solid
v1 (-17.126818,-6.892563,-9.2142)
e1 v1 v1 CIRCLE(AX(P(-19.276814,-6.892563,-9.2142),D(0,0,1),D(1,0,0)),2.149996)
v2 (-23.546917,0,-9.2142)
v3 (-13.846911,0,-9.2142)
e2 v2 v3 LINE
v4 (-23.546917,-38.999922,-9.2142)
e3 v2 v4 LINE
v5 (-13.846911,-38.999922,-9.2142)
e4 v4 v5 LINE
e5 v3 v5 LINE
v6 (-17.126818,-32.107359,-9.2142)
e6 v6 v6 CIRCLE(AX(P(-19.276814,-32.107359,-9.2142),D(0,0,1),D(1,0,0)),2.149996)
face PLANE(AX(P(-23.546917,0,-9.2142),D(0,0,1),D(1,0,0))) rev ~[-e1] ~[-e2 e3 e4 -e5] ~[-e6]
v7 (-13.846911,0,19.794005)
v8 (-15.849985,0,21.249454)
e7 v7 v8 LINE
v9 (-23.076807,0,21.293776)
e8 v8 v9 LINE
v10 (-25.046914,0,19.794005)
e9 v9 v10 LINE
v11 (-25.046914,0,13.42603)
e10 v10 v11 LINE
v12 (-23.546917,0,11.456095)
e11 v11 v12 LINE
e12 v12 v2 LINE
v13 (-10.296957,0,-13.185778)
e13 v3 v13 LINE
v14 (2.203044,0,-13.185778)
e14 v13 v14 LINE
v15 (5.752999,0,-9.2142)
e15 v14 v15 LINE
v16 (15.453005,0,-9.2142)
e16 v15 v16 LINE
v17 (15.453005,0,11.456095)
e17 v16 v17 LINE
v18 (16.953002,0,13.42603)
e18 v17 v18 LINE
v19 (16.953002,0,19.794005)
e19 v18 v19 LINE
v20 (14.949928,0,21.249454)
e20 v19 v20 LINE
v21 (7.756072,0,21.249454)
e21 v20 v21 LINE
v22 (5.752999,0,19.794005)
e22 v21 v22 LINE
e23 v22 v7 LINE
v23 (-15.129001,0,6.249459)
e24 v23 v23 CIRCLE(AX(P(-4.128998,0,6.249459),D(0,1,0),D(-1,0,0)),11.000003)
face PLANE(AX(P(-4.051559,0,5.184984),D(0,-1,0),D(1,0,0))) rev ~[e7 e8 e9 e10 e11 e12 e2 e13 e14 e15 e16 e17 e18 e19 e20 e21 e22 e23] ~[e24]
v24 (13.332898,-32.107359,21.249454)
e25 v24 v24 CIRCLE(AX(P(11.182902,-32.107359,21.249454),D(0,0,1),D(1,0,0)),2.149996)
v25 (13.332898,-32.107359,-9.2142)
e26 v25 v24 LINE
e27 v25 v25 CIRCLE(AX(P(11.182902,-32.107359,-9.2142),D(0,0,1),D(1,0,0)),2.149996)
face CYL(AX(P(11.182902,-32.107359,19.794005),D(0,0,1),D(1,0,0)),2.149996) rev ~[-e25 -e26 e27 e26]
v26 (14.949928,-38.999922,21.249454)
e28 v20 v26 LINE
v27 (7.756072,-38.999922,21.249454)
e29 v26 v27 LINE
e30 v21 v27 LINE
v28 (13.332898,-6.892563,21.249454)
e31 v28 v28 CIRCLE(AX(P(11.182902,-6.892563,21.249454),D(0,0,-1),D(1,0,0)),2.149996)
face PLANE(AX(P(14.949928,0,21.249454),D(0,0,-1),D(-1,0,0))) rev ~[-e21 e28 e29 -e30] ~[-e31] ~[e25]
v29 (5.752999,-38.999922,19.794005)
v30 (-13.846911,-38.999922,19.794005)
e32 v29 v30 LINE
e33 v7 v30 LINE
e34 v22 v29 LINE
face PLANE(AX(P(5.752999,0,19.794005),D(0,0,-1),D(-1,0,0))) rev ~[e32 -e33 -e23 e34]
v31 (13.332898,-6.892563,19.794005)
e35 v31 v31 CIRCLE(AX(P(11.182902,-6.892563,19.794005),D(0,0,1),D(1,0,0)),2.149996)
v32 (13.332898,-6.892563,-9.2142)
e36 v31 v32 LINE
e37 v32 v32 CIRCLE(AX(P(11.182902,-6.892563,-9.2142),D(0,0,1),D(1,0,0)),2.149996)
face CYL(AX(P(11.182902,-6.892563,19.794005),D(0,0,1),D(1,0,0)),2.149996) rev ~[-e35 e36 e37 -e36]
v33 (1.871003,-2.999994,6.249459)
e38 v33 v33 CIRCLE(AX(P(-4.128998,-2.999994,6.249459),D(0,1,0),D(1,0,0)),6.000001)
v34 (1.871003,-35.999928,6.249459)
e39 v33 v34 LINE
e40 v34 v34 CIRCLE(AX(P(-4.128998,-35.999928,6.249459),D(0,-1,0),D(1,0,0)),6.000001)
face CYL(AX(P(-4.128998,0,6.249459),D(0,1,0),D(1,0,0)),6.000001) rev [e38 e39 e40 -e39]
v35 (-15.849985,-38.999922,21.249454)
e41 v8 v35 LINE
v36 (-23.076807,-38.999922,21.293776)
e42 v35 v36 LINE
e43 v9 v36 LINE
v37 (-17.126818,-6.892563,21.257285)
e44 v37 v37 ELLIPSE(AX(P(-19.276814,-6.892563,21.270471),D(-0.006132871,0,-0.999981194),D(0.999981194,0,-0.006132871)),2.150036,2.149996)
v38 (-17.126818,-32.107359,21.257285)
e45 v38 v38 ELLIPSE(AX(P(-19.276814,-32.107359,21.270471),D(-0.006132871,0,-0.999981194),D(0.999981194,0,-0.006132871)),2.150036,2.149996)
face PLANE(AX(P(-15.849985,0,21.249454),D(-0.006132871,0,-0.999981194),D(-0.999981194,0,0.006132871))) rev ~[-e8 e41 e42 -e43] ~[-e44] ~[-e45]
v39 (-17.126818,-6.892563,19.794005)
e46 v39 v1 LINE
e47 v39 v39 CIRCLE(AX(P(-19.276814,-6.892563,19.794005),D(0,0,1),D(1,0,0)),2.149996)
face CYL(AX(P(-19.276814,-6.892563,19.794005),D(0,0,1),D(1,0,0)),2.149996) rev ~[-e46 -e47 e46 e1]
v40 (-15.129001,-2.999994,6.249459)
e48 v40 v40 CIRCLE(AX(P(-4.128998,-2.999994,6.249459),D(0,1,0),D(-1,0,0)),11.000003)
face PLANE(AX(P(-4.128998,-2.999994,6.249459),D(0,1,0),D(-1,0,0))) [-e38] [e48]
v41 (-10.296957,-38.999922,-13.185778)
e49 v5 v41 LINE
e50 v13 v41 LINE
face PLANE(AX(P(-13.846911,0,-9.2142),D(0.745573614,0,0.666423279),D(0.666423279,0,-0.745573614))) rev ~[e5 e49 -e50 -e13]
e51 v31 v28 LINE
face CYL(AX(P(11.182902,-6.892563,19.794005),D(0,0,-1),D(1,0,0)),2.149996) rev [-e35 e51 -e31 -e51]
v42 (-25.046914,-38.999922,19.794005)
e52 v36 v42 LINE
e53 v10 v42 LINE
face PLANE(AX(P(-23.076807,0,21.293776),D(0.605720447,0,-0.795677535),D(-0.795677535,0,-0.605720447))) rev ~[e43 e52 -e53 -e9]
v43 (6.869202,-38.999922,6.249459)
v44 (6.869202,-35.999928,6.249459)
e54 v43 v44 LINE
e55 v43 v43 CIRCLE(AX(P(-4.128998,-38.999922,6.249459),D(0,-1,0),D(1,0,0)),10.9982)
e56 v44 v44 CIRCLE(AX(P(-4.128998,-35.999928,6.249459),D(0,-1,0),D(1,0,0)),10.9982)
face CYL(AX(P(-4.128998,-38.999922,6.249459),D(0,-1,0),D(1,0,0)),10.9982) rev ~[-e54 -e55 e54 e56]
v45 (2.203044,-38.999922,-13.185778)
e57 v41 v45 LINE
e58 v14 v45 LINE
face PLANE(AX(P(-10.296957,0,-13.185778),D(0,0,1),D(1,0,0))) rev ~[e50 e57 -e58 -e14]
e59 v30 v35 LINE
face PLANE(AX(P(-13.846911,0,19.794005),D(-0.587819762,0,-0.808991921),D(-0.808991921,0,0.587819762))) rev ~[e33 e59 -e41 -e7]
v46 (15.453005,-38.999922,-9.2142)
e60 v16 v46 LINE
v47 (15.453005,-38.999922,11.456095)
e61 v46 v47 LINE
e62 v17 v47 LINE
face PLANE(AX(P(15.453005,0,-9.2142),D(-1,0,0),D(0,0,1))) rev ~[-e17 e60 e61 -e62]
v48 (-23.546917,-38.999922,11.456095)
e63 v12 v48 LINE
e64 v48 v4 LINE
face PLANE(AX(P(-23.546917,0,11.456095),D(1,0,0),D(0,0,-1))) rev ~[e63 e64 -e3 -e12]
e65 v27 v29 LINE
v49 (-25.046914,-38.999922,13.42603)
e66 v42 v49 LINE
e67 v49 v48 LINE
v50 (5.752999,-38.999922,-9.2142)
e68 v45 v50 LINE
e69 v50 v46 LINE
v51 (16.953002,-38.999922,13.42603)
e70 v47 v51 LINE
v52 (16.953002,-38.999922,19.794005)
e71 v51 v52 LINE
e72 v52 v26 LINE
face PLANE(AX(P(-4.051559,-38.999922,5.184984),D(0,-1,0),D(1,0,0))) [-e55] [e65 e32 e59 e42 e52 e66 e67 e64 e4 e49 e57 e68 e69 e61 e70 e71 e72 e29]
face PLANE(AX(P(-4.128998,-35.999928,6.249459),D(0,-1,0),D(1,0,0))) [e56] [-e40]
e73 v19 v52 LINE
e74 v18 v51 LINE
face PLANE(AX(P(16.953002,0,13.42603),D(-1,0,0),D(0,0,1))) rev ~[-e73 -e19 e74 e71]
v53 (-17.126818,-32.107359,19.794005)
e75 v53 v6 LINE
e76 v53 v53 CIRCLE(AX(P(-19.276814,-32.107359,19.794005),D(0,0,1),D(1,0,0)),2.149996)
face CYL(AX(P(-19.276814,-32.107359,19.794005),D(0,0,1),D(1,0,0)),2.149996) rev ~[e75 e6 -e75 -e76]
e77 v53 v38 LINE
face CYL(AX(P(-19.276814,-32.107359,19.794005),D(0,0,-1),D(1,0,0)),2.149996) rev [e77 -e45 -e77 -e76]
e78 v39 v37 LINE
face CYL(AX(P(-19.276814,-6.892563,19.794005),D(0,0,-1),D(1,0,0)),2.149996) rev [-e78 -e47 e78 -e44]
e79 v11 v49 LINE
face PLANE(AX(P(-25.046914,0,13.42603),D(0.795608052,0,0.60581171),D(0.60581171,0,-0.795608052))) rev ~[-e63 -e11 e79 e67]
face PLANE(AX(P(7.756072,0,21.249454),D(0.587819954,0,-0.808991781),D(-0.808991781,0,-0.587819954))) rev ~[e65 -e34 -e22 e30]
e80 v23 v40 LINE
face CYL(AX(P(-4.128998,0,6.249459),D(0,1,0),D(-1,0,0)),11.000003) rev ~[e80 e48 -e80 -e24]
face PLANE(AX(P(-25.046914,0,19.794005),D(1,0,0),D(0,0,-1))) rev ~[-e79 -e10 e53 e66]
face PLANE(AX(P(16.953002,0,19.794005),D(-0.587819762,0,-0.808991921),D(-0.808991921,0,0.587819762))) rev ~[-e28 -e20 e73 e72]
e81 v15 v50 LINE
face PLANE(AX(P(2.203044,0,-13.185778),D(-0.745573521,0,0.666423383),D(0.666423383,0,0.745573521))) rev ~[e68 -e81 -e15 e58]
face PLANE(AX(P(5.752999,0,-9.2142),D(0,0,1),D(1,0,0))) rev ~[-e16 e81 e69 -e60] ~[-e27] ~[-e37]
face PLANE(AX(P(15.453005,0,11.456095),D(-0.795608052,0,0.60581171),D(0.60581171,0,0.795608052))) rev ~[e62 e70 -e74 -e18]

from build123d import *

# Parameters (mm, degrees)
F0_R     = 6.000001
F1_DEPTH = 38.999922
F2_R     = 2.149996
F3_DEPTH = 39.751
F4_R     = 11.000003
F4_R_2   = 6.000001
F5_DEPTH = 2.999994
F6_R     = 10.9982
F6_R_2   = 6.000001
F7_DEPTH = 2.999994


with BuildPart() as f1:
    # F0 (on Front) → F1 (new body)
    with BuildSketch(Plane.XZ):
        Polygon((-23.076807, 21.293776), (-25.046914, 19.794005), (-25.046914, 13.42603), (-23.546917, 11.456095), (-23.546917, -9.2142), (-13.846911, -9.2142), (-10.296957, -13.185778), (2.203044, -13.185778), (5.752999, -9.2142), (15.453005, -9.2142), (15.453005, 11.456095), (16.953002, 13.42603), (16.953002, 19.794005), (14.949928, 21.249454), (7.756072, 21.249454), (5.752999, 19.794005), (-13.846911, 19.794005), (-15.849985, 21.249454), align=None)
        with Locations((-4.128998, 6.249459)):
            Circle(F0_R, mode=Mode.SUBTRACT)
    extrude(amount=F1_DEPTH)

    # F2 (on face) → F3 (cut, symmetric)
    with BuildSketch(Plane.XY.offset(19.794005)):
        with Locations((-19.276814, -6.892563)):
            Circle(F2_R)
        with Locations((-19.276814, -32.107359)):
            Circle(F2_R)
        with Locations((11.182902, -6.892563)):
            Circle(F2_R)
        with Locations((11.182902, -32.107359)):
            Circle(F2_R)
    extrude(amount=F3_DEPTH, both=True, mode=Mode.SUBTRACT)

    # F4 (on face) → F5 (cut)
    with BuildSketch(Plane(origin=(0, 0, 0), x_dir=(-1, 0, 0), z_dir=(0, 1, 0))):
        with Locations((4.128998, 6.249459)):
            Circle(F4_R)
        with Locations((4.128998, 6.249459)):
            Circle(F4_R_2, mode=Mode.SUBTRACT)
    extrude(amount=-F5_DEPTH, mode=Mode.SUBTRACT)

    # F6 (on face) → F7 (cut)
    with BuildSketch(Plane.XZ.offset(38.999922)):
        with Locations((-4.128998, 6.249459)):
            Circle(F6_R)
        with Locations((-4.128998, 6.249459)):
            Circle(F6_R_2, mode=Mode.SUBTRACT)
    extrude(amount=-F7_DEPTH, mode=Mode.SUBTRACT)


solid = f1.part
